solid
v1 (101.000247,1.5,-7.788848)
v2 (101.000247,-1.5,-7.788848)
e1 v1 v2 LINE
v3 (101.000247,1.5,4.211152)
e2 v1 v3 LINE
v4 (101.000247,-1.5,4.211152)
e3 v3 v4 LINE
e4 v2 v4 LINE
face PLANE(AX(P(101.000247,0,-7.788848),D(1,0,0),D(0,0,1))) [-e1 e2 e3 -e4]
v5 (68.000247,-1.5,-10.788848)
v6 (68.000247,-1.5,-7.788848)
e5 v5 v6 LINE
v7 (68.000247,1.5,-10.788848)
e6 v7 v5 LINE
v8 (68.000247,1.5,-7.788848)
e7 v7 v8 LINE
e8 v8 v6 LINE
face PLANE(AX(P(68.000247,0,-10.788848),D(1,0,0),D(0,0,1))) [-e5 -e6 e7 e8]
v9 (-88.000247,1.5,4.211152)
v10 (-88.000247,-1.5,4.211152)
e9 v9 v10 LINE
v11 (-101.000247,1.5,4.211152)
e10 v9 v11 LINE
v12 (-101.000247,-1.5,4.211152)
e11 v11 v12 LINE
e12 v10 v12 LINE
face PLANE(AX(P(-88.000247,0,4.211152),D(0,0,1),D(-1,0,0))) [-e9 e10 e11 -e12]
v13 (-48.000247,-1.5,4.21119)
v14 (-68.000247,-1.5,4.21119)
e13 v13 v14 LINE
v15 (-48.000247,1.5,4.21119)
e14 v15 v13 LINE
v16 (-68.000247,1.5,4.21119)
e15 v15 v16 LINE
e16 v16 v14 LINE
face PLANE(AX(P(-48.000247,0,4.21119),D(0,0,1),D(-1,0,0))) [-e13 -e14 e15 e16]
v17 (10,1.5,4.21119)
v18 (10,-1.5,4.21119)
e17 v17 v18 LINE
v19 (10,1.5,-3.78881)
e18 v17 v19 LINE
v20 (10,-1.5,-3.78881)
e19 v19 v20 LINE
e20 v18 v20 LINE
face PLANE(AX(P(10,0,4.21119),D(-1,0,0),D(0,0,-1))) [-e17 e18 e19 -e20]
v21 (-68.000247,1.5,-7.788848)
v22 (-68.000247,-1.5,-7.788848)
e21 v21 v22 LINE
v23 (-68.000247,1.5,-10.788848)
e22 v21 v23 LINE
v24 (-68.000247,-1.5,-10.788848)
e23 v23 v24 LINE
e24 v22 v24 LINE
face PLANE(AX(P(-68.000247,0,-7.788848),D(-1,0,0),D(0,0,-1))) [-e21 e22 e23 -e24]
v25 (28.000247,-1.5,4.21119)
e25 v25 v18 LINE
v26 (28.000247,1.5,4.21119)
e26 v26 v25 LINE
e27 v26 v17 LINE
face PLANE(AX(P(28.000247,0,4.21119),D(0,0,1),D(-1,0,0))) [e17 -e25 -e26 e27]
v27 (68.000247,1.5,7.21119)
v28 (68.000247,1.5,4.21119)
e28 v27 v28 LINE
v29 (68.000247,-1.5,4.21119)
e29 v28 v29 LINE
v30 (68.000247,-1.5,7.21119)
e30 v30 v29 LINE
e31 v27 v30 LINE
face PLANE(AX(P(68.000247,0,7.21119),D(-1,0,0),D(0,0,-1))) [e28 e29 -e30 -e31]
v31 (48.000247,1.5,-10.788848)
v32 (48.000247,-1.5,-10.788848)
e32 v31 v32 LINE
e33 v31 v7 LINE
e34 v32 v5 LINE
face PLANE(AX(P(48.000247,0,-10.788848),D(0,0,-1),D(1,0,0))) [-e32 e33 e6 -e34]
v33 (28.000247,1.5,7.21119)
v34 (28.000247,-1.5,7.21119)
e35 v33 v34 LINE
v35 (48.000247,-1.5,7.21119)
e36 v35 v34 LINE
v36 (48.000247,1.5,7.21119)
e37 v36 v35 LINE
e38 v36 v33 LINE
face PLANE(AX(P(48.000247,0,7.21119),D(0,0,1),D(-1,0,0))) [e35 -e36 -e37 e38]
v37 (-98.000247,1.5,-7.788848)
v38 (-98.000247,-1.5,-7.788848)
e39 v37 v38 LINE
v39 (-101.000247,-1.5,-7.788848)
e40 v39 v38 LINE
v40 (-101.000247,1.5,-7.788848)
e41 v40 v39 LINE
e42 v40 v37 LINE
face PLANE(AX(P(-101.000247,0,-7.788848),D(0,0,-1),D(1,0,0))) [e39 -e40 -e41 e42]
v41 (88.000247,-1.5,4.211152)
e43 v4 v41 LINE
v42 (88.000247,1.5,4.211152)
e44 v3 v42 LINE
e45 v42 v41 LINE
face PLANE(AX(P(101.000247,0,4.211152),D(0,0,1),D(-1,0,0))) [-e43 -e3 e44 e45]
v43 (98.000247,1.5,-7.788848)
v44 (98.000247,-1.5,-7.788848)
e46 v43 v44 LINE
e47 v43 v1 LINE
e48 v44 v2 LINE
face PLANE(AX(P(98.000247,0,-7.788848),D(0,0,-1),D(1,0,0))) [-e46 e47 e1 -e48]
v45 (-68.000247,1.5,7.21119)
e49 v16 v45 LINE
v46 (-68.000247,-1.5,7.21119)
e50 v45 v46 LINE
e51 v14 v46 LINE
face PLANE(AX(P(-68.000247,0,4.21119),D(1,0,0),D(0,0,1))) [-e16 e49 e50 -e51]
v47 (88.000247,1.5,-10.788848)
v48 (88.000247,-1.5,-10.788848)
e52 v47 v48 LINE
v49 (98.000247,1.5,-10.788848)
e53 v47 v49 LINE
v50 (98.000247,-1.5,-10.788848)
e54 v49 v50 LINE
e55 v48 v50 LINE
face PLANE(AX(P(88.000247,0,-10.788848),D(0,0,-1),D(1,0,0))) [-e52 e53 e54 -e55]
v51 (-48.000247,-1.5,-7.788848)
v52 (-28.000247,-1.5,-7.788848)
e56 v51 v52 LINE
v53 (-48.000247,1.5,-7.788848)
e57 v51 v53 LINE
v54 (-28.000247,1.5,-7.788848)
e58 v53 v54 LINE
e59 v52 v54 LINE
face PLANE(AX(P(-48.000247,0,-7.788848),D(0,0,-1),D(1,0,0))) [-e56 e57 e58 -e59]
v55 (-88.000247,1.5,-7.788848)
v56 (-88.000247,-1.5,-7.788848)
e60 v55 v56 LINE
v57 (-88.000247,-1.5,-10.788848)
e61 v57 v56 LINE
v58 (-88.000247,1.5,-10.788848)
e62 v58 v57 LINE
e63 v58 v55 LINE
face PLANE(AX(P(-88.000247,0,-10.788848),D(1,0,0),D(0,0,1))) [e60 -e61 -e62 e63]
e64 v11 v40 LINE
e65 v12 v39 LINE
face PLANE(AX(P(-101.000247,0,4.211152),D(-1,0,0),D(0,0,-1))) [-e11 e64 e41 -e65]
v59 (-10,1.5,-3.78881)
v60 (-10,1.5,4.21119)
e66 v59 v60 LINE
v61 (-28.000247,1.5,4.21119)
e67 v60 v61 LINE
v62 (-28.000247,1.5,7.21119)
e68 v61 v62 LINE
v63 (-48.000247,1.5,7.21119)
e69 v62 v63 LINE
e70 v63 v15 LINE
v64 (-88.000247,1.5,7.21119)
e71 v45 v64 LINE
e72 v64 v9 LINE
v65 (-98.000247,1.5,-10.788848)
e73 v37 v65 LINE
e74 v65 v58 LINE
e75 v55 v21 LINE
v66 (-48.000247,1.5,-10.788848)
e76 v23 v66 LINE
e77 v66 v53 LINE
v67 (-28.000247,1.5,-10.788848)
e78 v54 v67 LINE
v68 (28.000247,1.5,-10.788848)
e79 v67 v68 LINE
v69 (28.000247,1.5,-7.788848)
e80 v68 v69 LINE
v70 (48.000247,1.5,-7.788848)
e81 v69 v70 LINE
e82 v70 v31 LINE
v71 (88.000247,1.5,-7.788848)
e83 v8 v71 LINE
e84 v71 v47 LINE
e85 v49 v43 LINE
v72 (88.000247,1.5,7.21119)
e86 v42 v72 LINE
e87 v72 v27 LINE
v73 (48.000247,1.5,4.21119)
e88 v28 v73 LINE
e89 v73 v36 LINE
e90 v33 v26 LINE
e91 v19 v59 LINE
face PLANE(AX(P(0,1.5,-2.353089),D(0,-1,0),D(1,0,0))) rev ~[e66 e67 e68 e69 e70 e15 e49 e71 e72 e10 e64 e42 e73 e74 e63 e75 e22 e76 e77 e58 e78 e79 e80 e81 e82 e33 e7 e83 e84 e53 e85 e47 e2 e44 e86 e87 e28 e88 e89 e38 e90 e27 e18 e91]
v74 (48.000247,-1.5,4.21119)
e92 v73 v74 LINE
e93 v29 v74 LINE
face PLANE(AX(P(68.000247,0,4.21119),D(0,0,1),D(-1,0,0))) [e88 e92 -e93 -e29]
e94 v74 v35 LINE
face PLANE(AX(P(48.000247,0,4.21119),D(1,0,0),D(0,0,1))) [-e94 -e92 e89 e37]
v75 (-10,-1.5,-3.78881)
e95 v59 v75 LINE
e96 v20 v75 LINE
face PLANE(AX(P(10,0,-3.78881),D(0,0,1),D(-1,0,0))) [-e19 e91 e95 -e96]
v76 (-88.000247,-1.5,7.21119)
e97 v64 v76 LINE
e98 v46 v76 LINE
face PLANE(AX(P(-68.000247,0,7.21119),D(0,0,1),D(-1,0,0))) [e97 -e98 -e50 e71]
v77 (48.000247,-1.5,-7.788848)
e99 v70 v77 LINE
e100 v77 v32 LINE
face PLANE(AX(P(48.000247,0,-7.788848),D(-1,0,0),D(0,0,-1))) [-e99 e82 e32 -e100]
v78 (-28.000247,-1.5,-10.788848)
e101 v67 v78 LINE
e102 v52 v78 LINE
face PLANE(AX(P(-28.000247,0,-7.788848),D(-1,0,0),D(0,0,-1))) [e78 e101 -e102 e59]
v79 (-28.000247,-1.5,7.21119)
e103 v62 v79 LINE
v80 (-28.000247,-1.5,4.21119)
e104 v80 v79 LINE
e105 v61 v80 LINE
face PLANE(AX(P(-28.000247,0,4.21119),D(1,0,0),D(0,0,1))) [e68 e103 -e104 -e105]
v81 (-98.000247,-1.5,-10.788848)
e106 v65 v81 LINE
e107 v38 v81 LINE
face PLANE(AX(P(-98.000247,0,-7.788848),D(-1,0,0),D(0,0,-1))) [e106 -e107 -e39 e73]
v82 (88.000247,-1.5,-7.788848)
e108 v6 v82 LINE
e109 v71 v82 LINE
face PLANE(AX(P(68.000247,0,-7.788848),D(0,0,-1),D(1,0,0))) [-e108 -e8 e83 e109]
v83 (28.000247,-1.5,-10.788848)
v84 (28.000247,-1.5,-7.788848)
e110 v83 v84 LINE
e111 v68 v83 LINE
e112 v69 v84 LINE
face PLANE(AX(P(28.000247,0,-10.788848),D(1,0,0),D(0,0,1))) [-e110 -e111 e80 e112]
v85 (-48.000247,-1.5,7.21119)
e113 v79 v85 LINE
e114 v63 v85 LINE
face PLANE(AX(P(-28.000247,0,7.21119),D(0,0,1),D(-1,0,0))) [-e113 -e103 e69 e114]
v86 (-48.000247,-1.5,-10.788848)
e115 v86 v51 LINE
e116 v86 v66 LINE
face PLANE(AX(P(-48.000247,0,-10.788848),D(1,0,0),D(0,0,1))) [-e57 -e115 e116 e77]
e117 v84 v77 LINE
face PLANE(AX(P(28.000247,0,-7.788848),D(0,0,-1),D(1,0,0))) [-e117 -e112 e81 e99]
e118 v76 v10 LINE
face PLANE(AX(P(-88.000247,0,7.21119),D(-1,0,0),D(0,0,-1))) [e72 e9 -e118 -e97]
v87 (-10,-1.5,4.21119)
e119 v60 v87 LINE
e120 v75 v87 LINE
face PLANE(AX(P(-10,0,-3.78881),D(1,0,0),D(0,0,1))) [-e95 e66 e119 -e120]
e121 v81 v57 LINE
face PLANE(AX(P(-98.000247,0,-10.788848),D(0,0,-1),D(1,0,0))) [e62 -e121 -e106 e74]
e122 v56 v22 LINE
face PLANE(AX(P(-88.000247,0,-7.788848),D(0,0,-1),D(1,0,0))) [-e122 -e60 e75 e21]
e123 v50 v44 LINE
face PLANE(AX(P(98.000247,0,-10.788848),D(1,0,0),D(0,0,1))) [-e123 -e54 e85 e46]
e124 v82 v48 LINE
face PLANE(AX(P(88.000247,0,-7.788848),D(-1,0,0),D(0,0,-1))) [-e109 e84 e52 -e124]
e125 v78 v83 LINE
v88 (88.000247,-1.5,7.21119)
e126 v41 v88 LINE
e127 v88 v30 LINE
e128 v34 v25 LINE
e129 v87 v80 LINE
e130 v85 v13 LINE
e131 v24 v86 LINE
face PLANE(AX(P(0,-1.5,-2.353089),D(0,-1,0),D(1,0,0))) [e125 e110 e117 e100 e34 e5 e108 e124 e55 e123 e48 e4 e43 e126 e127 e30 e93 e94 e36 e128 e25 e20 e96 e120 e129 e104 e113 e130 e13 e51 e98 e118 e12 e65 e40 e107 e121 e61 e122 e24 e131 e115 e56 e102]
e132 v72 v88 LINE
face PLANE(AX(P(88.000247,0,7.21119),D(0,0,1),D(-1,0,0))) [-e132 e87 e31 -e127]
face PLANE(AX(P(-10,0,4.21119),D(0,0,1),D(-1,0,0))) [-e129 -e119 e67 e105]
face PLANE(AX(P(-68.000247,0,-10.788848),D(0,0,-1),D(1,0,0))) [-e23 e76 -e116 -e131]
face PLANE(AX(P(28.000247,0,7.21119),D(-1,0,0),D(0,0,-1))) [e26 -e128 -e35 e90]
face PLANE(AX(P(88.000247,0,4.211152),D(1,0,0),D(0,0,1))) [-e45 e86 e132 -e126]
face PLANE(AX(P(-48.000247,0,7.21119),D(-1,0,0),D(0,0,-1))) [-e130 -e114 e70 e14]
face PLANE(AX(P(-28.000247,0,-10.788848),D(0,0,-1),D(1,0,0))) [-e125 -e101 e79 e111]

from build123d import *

# Parameters (mm, degrees)
F1_DEPTH = 1.5


with BuildPart() as f1:
    # F0 (on Front) → F1 (new body, symmetric)
    with BuildSketch(Plane.XZ):
        Polygon((-28.000247, -7.788848), (-28.000247, -10.788848), (0, -10.788848), (28.000247, -10.788848), (28.000247, -7.788848), (48.000247, -7.788848), (48.000247, -10.788848), (68.000247, -10.788848), (68.000247, -7.788848), (88.000247, -7.788848), (88.000247, -10.788848), (98.000247, -10.788848), (98.000247, -7.788848), (101.000247, -7.788848), (101.000247, 4.211152), (88.000247, 4.211152), (88.000247, 7.21119), (68.000247, 7.21119), (68.000247, 4.21119), (48.000247, 4.21119), (48.000247, 7.21119), (28.000247, 7.21119), (28.000247, 4.21119), (10, 4.21119), (10, -3.78881), (0, -3.78881), (-10, -3.78881), (-10, 4.21119), (-28.000247, 4.21119), (-28.000247, 7.21119), (-48.000247, 7.21119), (-48.000247, 4.21119), (-68.000247, 4.21119), (-68.000247, 7.21119), (-88.000247, 7.21119), (-88.000247, 4.211152), (-101.000247, 4.211152), (-101.000247, -7.788848), (-98.000247, -7.788848), (-98.000247, -10.788848), (-88.000247, -10.788848), (-88.000247, -7.788848), (-68.000247, -7.788848), (-68.000247, -10.788848), (-48.000247, -10.788848), (-48.000247, -7.788848), align=None)
    extrude(amount=F1_DEPTH, both=True)


solid = f1.part
